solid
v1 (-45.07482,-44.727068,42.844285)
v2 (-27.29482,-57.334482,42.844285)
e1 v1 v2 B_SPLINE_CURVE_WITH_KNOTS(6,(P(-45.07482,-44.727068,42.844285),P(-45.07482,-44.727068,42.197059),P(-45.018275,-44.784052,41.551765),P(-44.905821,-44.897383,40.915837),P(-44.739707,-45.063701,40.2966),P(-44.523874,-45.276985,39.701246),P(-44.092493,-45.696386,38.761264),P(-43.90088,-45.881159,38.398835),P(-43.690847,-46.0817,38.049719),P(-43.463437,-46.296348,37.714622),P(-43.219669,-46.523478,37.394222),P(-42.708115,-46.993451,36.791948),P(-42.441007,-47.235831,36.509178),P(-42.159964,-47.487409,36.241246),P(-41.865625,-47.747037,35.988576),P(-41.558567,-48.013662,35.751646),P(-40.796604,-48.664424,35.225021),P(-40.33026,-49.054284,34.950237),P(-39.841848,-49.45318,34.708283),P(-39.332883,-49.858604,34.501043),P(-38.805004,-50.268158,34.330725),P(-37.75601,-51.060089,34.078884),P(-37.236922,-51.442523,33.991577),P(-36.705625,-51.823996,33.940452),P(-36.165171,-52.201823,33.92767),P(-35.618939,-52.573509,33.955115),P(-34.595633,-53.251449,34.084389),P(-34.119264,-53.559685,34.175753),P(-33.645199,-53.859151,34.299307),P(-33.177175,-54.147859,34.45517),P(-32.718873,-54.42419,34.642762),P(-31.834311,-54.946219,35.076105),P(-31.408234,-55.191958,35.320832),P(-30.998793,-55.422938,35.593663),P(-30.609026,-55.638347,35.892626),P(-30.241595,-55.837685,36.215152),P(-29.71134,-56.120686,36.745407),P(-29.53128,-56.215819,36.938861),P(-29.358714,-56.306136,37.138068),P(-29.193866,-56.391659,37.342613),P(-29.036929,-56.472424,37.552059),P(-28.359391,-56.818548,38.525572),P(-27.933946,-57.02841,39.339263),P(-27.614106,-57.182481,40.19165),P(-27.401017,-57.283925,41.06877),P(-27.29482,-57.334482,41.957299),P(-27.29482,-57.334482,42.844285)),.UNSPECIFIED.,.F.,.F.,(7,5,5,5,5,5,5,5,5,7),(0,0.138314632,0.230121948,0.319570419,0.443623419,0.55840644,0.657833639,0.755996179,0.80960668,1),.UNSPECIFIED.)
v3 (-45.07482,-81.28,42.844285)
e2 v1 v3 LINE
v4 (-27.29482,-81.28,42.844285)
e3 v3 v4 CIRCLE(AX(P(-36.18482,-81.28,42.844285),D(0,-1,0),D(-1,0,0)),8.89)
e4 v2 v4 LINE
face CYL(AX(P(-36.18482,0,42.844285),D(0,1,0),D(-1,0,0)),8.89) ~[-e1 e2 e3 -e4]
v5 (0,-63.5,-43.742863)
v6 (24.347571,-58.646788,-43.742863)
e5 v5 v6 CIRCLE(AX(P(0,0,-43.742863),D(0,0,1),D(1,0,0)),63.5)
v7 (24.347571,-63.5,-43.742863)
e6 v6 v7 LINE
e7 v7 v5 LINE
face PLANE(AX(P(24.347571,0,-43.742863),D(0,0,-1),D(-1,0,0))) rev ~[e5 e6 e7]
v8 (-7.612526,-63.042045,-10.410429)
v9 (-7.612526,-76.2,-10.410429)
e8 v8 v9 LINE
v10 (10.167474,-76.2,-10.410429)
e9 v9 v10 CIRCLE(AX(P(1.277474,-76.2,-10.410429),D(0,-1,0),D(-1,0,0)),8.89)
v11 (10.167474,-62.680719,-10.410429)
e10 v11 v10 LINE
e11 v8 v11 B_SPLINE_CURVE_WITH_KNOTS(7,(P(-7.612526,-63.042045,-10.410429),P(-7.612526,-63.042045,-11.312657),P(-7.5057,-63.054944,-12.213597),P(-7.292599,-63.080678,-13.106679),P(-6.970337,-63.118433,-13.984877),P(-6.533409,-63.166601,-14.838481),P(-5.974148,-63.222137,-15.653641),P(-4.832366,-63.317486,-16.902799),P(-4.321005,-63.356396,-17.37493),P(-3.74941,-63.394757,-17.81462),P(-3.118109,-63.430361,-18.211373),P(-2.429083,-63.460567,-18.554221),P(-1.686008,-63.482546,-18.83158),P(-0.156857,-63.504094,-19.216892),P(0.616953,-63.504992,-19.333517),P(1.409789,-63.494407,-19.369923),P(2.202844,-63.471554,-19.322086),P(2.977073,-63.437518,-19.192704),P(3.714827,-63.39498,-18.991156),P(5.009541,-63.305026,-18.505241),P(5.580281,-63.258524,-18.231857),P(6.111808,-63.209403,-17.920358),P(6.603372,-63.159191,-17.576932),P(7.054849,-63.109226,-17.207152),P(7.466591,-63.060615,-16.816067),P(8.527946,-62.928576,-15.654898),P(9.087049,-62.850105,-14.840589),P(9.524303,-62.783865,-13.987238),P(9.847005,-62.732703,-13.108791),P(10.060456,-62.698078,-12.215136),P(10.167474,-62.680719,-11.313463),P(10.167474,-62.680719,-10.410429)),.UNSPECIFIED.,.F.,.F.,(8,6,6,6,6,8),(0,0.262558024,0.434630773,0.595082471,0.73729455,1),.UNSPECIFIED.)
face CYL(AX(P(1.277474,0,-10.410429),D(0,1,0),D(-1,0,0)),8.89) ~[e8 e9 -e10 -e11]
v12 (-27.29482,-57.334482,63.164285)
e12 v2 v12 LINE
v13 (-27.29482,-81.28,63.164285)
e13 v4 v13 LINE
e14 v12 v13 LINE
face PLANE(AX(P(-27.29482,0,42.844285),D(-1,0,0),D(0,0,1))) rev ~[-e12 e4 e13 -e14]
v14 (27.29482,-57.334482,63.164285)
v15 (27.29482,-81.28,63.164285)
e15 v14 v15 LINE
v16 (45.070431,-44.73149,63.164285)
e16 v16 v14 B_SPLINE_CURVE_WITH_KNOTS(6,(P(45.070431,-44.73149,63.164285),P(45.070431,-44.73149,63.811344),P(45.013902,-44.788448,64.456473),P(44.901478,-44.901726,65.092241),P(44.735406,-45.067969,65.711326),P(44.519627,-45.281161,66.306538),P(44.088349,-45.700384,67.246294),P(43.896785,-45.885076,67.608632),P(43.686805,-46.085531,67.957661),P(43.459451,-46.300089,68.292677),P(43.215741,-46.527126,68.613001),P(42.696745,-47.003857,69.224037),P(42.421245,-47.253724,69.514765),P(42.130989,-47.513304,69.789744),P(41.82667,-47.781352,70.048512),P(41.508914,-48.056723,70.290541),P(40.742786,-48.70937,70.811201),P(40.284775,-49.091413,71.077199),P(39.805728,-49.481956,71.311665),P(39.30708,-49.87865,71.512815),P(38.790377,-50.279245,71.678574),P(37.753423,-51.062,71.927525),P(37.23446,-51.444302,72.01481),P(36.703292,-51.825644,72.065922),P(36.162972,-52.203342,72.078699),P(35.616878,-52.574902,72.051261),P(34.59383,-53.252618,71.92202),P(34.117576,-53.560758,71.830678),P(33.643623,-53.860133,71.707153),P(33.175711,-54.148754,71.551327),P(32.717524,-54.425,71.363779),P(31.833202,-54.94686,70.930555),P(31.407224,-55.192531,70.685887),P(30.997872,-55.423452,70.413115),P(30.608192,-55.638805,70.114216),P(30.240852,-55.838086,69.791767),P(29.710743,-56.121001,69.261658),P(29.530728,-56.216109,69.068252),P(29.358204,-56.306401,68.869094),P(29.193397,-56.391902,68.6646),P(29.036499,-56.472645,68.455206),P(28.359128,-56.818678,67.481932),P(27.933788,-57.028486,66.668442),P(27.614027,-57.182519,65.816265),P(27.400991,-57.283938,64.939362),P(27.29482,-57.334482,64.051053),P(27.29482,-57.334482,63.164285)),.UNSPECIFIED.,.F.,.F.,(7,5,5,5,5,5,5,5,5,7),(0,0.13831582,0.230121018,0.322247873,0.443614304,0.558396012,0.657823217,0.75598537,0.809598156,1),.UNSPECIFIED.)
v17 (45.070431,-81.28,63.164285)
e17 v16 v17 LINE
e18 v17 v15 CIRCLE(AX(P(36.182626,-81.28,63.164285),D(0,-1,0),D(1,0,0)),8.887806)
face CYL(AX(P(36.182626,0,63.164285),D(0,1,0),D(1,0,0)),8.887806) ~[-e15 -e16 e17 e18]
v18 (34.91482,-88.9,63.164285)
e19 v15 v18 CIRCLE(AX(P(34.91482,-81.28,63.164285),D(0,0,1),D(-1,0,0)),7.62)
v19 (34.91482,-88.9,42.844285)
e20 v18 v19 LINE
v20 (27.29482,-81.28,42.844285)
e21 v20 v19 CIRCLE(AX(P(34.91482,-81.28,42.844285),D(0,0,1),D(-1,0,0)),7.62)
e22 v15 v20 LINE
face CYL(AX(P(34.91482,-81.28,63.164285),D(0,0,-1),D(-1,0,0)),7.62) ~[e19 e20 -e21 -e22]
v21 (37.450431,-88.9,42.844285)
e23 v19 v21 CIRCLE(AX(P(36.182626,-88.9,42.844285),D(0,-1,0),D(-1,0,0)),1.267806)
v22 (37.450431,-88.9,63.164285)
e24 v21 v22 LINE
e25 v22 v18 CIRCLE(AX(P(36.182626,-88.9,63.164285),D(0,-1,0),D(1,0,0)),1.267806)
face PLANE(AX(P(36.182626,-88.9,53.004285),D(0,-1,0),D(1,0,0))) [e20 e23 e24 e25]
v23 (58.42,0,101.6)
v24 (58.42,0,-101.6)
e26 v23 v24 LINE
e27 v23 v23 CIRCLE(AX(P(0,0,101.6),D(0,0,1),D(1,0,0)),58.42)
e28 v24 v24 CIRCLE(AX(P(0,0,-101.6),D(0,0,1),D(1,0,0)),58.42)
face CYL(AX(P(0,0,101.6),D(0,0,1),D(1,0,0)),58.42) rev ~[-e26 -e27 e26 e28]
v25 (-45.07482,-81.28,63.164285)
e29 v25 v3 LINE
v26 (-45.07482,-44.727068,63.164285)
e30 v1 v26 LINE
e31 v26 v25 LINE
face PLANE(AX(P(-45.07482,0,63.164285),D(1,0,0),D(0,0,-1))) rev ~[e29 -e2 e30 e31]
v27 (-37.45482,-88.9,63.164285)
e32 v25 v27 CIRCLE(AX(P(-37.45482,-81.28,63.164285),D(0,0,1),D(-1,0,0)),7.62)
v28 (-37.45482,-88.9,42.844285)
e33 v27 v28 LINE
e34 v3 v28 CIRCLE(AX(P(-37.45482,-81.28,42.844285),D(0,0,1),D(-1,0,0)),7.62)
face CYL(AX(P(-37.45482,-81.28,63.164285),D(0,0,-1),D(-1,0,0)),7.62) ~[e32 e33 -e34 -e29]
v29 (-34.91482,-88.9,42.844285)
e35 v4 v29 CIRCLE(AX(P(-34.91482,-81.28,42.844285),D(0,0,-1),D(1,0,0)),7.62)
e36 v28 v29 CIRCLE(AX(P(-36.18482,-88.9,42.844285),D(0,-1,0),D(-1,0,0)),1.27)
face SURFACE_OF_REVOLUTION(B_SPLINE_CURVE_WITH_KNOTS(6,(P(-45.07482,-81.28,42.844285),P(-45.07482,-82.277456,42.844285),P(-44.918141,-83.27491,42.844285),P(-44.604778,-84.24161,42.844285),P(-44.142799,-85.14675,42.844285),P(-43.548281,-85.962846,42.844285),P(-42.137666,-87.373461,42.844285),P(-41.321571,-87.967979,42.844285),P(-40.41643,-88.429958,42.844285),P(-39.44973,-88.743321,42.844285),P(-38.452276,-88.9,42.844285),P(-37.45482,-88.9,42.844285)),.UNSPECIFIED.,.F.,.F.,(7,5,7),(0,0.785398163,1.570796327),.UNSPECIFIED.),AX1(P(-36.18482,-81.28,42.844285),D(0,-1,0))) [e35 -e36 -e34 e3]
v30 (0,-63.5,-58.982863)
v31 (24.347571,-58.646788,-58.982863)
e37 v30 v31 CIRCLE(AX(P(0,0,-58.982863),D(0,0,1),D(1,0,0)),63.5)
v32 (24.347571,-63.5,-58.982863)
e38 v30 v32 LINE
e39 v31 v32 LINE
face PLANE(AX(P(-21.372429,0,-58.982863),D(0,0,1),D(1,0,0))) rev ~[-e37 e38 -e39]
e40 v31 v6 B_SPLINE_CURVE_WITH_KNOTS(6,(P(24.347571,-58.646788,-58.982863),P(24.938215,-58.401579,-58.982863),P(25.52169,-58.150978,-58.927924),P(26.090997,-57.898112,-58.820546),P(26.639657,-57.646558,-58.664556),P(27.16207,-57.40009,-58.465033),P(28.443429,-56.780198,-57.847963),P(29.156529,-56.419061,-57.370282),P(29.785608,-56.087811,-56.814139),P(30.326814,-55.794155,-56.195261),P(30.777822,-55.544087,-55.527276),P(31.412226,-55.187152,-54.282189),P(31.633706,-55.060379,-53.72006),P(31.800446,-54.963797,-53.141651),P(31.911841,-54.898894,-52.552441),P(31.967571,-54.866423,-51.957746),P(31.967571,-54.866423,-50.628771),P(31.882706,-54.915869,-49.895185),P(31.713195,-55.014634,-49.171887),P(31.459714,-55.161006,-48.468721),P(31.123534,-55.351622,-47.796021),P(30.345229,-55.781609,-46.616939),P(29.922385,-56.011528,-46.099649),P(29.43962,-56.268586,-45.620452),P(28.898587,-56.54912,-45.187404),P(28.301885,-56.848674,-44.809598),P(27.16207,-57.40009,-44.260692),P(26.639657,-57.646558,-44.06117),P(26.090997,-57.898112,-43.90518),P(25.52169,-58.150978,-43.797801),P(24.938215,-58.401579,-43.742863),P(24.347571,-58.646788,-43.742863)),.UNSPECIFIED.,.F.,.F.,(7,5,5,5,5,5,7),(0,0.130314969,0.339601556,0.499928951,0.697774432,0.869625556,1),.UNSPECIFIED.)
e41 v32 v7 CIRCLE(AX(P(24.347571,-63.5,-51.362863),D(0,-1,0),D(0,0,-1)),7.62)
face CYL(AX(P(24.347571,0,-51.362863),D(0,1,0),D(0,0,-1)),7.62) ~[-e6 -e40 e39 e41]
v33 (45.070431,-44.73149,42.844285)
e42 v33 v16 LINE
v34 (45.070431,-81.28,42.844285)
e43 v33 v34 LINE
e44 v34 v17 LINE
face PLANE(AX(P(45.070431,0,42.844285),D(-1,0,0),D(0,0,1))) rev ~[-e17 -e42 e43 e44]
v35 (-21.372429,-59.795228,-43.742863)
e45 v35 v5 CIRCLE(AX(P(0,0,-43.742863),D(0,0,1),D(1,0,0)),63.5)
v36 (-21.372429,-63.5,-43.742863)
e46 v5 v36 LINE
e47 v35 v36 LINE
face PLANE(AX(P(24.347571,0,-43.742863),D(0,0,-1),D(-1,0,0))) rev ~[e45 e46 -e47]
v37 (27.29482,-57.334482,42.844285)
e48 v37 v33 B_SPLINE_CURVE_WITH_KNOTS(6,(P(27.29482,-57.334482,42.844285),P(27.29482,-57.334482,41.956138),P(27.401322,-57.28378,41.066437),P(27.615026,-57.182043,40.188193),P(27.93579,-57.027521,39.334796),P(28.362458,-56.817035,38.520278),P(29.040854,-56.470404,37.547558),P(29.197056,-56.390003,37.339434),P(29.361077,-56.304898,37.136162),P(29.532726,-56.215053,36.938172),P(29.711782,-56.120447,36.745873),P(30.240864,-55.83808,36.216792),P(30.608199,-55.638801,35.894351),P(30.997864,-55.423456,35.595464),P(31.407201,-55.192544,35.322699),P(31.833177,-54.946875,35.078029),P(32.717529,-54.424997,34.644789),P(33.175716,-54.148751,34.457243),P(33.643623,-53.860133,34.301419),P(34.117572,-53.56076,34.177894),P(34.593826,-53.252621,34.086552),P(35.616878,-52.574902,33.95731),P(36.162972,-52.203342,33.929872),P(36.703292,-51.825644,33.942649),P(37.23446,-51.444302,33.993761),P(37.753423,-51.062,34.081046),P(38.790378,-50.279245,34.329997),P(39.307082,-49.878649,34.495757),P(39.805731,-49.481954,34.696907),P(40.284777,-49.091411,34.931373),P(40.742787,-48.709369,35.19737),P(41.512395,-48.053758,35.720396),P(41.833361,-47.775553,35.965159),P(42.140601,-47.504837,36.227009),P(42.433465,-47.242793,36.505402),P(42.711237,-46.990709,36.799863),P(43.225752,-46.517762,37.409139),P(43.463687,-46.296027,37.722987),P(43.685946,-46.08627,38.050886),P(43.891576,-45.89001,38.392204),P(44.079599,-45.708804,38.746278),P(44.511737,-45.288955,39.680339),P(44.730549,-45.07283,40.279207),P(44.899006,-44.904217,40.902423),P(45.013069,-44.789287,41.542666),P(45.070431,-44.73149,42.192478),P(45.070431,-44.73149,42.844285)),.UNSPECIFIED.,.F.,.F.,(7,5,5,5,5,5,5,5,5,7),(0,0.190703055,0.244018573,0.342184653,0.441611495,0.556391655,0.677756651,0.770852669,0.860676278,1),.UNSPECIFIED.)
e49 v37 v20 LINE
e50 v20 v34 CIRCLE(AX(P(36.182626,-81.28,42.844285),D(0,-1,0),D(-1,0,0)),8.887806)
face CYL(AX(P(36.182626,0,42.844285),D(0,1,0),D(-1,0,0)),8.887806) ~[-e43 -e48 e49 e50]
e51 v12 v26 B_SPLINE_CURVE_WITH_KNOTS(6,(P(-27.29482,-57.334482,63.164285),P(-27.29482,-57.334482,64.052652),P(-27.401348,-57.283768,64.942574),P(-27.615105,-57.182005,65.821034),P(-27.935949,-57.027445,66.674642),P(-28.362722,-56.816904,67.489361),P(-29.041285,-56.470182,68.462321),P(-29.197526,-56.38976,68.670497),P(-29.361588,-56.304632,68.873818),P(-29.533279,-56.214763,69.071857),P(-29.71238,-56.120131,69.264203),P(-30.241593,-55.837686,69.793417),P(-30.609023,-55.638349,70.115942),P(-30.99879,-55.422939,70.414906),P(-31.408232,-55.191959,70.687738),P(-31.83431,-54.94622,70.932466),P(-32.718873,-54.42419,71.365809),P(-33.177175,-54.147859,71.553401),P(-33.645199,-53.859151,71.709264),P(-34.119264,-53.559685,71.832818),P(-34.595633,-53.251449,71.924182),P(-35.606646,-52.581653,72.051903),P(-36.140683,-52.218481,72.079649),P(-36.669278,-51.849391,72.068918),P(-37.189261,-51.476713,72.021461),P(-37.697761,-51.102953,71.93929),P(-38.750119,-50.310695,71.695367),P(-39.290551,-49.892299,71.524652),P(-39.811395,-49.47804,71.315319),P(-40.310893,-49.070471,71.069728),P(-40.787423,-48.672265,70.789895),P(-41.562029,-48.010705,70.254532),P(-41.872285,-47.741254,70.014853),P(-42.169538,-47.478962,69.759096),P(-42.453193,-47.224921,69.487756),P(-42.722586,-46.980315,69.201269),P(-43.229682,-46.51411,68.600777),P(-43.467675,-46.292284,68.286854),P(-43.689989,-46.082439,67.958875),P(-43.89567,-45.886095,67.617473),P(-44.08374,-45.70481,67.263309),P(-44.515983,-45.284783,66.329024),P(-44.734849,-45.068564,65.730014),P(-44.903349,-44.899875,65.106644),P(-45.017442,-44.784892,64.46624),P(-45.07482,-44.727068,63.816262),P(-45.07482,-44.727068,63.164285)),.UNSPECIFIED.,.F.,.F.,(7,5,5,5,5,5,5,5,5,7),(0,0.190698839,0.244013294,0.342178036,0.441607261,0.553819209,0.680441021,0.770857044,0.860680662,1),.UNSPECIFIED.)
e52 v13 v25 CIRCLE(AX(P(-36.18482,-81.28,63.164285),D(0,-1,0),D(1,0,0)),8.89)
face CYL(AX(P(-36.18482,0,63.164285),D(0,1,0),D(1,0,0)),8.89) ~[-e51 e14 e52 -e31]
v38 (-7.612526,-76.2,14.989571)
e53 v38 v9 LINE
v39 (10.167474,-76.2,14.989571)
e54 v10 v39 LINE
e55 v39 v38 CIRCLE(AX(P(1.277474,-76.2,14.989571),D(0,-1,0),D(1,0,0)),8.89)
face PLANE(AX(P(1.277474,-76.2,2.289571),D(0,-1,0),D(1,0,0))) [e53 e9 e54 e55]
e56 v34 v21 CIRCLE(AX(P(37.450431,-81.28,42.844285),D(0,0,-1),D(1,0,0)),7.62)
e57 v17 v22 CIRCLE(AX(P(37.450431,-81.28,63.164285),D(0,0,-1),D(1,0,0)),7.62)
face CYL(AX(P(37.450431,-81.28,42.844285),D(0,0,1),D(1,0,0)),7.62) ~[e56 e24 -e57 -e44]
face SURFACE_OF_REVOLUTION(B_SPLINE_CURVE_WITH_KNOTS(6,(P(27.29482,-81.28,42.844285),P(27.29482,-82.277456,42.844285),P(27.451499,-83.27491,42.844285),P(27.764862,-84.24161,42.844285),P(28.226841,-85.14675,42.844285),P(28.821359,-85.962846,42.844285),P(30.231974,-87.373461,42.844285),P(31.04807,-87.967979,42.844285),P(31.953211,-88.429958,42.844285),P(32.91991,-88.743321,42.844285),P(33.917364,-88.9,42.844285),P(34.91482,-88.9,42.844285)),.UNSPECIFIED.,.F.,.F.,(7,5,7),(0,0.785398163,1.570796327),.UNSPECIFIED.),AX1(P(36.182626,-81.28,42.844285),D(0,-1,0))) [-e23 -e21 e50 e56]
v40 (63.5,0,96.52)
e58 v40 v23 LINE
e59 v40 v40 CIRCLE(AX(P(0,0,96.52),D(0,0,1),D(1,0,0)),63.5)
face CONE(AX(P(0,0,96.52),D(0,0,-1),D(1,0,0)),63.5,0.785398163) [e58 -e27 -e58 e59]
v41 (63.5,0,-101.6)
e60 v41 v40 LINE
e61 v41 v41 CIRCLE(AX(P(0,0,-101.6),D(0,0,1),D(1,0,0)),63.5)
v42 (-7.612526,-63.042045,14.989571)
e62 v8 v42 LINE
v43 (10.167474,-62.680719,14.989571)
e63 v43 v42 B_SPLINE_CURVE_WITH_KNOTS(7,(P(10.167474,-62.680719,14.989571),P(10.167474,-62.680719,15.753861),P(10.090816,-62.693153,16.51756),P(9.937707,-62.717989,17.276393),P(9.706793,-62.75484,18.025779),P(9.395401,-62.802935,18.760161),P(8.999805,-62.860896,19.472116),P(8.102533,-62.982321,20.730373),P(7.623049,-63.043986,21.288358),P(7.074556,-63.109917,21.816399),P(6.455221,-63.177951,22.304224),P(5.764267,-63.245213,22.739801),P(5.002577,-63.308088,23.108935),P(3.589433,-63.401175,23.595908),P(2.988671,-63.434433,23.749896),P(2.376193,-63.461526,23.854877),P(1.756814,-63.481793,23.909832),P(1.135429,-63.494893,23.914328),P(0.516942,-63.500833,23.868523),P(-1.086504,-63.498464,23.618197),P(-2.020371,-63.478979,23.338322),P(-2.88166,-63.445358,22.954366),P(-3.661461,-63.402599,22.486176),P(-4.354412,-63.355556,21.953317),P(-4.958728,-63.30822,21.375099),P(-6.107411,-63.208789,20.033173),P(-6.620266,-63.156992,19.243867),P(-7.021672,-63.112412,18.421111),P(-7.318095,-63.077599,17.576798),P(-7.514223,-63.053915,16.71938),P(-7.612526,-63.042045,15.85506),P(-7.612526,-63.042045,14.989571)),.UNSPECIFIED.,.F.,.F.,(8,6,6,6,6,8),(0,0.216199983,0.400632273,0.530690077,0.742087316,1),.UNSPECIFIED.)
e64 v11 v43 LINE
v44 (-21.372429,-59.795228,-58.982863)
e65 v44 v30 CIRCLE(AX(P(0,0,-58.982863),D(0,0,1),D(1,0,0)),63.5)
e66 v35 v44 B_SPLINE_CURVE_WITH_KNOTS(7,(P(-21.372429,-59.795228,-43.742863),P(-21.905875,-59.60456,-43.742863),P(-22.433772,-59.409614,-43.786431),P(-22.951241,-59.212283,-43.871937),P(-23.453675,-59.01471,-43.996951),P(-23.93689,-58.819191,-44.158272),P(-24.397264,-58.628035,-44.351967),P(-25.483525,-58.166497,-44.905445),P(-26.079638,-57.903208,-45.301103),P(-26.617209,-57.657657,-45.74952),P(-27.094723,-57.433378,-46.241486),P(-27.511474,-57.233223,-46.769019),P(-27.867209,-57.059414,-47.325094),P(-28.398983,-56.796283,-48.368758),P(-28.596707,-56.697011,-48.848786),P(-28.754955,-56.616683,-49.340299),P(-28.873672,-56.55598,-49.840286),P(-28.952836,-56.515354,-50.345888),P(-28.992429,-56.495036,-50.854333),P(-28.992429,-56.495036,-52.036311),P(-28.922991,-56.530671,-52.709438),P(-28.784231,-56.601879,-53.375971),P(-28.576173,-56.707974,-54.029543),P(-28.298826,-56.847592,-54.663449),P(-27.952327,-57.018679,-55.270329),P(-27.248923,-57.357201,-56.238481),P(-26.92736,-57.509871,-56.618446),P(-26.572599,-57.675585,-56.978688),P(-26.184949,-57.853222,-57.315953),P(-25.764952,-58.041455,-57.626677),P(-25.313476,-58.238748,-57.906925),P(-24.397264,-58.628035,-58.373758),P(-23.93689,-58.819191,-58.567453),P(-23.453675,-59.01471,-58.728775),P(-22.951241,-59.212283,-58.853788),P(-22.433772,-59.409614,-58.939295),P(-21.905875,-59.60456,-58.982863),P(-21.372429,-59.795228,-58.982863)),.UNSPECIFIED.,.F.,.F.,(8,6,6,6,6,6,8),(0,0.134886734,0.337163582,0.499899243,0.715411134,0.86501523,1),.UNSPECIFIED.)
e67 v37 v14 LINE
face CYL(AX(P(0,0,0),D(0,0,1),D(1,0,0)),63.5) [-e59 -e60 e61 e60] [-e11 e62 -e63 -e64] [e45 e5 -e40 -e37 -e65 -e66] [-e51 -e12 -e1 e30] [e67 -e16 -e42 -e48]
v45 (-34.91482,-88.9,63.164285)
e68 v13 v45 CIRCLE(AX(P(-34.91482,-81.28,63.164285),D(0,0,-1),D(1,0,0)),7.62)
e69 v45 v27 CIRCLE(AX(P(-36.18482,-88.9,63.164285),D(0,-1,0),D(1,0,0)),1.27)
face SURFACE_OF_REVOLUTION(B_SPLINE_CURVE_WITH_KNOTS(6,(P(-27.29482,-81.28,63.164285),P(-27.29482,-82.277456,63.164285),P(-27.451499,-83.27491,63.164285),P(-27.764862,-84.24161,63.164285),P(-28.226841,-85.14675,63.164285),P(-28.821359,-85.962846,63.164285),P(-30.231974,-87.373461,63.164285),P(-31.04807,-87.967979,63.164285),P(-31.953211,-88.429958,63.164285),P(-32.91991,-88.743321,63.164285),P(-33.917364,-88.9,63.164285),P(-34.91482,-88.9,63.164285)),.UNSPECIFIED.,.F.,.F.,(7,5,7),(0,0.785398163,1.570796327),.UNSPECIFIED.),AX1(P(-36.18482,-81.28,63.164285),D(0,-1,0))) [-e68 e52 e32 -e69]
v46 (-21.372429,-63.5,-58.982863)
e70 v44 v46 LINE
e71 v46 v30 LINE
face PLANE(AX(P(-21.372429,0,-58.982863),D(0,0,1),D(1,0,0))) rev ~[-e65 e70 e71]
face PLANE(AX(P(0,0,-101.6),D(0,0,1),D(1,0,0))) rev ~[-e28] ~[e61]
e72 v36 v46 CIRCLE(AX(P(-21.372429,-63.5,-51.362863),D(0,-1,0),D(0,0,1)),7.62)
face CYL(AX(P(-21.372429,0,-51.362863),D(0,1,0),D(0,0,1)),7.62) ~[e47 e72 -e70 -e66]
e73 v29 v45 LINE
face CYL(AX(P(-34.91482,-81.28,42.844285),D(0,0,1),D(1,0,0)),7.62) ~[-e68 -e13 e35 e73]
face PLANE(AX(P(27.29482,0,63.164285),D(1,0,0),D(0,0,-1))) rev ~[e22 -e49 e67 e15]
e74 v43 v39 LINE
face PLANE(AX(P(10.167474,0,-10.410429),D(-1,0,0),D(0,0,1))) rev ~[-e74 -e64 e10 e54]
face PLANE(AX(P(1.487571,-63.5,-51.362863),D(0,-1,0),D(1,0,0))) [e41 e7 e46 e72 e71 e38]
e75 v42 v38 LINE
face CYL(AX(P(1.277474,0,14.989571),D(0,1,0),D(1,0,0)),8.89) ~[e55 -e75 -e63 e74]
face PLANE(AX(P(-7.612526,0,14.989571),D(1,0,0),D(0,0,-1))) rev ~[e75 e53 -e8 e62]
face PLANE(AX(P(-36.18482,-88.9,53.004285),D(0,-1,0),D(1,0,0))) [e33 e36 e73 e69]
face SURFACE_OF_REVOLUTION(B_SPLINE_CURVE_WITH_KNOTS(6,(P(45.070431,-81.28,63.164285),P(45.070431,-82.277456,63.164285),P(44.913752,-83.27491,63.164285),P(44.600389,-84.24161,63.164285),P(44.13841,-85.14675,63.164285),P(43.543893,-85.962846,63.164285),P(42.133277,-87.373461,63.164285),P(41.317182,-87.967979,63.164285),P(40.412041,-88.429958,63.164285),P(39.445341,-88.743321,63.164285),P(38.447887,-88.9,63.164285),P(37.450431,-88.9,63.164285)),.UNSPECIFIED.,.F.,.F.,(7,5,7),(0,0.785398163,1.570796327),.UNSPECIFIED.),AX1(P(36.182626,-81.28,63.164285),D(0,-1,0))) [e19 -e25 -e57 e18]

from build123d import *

# Parameters (mm, degrees)
F0_R     = 63.5
F1_DEPTH = 101.6
F2_SIZE  = 5.08
F4_DEPTH = 88.9
F6_DEPTH = 76.2
F8_DEPTH = 63.5
F9_DEPTH = 203.2
F11_R    = 7.62


with BuildPart() as f1:
    # F0 (on Top) → F1 (new body, symmetric)
    with BuildSketch(Plane.XY):
        Circle(F0_R)
    extrude(amount=F1_DEPTH, both=True)

    # F2
    f2_edges = [f1.edges().sort_by_distance(p)[0] for p in [
        (-63.5, 0, 101.6),
    ]]
    chamfer(f2_edges, length=F2_SIZE)

    # F3 (on Front) → F4 (join)
    with BuildSketch(Plane.XZ):
        with BuildLine():
            ThreePointArc((-27.294820104, 63.1642854473), (-36.184820104, 72.0542854473), (-45.074820104, 63.1642854473))
            Line((-45.074820104, 63.1642854473), (-45.074820104, 42.8442854473))
            ThreePointArc((-45.074820104, 42.8442854473), (-36.184820104, 33.9542854473), (-27.294820104, 42.8442854473))
            Line((-27.294820104, 42.8442854473), (-27.294820104, 63.1642854473))
        make_face()
        with BuildLine():
            ThreePointArc((45.070431488, 63.1642854473), (36.182625796, 72.0520911393), (27.294820104, 63.1642854473))
            Line((27.294820104, 63.1642854473), (27.294820104, 42.8442854473))
            ThreePointArc((27.294820104, 42.8442854473), (36.182625796, 33.9564797553), (45.070431488, 42.8442854473))
            Line((45.070431488, 42.8442854473), (45.070431488, 63.1642854473))
        make_face()
    extrude(amount=F4_DEPTH)

    # F5 (on Front) → F6 (join)
    with BuildSketch(Plane.XZ):
        with BuildLine():
            ThreePointArc((10.1674738791, 14.9895709281), (1.2774738791, 23.8795709281), (-7.6125261209, 14.9895709281))
            Line((-7.6125261209, 14.9895709281), (-7.6125261209, -10.4104290719))
            ThreePointArc((-7.6125261209, -10.4104290719), (1.2774738791, -19.3004290719), (10.1674738791, -10.4104290719))
            Line((10.1674738791, -10.4104290719), (10.1674738791, 14.9895709281))
        make_face()
    extrude(amount=F6_DEPTH)

    # F7 (on Front) → F8 (join)
    with BuildSketch(Plane.XZ):
        with BuildLine():
            Line((24.3475708148, -43.7428626594), (-21.3724291852, -43.7428626594))
            ThreePointArc((-21.3724291852, -43.7428626594), (-28.9924291852, -51.3628626594), (-21.3724291852, -58.9828626594))
            Line((-21.3724291852, -58.9828626594), (24.3475708148, -58.9828626594))
            ThreePointArc((24.3475708148, -58.9828626594), (31.9675708148, -51.3628626594), (24.3475708148, -43.7428626594))
        make_face()
    extrude(amount=F8_DEPTH)

    # F9 (cut, through all): a face of the model
    f9_faces = [f1.faces().sort_by_distance(p)[0] for p in [
        (0, 0, 101.6),
    ]]
    extrude(f9_faces, amount=-F9_DEPTH, mode=Mode.SUBTRACT)

    # F11
    f11_edges = [f1.edges().sort_by_distance(p)[0] for p in [
        (-36.18482, -88.9, 72.054285),
        (-27.29482, -88.9, 53.004285),
        (36.182626, -88.9, 33.95648),
        (27.29482, -88.9, 53.004285),
    ]]
    fillet(f11_edges, radius=F11_R)


solid = f1.part
